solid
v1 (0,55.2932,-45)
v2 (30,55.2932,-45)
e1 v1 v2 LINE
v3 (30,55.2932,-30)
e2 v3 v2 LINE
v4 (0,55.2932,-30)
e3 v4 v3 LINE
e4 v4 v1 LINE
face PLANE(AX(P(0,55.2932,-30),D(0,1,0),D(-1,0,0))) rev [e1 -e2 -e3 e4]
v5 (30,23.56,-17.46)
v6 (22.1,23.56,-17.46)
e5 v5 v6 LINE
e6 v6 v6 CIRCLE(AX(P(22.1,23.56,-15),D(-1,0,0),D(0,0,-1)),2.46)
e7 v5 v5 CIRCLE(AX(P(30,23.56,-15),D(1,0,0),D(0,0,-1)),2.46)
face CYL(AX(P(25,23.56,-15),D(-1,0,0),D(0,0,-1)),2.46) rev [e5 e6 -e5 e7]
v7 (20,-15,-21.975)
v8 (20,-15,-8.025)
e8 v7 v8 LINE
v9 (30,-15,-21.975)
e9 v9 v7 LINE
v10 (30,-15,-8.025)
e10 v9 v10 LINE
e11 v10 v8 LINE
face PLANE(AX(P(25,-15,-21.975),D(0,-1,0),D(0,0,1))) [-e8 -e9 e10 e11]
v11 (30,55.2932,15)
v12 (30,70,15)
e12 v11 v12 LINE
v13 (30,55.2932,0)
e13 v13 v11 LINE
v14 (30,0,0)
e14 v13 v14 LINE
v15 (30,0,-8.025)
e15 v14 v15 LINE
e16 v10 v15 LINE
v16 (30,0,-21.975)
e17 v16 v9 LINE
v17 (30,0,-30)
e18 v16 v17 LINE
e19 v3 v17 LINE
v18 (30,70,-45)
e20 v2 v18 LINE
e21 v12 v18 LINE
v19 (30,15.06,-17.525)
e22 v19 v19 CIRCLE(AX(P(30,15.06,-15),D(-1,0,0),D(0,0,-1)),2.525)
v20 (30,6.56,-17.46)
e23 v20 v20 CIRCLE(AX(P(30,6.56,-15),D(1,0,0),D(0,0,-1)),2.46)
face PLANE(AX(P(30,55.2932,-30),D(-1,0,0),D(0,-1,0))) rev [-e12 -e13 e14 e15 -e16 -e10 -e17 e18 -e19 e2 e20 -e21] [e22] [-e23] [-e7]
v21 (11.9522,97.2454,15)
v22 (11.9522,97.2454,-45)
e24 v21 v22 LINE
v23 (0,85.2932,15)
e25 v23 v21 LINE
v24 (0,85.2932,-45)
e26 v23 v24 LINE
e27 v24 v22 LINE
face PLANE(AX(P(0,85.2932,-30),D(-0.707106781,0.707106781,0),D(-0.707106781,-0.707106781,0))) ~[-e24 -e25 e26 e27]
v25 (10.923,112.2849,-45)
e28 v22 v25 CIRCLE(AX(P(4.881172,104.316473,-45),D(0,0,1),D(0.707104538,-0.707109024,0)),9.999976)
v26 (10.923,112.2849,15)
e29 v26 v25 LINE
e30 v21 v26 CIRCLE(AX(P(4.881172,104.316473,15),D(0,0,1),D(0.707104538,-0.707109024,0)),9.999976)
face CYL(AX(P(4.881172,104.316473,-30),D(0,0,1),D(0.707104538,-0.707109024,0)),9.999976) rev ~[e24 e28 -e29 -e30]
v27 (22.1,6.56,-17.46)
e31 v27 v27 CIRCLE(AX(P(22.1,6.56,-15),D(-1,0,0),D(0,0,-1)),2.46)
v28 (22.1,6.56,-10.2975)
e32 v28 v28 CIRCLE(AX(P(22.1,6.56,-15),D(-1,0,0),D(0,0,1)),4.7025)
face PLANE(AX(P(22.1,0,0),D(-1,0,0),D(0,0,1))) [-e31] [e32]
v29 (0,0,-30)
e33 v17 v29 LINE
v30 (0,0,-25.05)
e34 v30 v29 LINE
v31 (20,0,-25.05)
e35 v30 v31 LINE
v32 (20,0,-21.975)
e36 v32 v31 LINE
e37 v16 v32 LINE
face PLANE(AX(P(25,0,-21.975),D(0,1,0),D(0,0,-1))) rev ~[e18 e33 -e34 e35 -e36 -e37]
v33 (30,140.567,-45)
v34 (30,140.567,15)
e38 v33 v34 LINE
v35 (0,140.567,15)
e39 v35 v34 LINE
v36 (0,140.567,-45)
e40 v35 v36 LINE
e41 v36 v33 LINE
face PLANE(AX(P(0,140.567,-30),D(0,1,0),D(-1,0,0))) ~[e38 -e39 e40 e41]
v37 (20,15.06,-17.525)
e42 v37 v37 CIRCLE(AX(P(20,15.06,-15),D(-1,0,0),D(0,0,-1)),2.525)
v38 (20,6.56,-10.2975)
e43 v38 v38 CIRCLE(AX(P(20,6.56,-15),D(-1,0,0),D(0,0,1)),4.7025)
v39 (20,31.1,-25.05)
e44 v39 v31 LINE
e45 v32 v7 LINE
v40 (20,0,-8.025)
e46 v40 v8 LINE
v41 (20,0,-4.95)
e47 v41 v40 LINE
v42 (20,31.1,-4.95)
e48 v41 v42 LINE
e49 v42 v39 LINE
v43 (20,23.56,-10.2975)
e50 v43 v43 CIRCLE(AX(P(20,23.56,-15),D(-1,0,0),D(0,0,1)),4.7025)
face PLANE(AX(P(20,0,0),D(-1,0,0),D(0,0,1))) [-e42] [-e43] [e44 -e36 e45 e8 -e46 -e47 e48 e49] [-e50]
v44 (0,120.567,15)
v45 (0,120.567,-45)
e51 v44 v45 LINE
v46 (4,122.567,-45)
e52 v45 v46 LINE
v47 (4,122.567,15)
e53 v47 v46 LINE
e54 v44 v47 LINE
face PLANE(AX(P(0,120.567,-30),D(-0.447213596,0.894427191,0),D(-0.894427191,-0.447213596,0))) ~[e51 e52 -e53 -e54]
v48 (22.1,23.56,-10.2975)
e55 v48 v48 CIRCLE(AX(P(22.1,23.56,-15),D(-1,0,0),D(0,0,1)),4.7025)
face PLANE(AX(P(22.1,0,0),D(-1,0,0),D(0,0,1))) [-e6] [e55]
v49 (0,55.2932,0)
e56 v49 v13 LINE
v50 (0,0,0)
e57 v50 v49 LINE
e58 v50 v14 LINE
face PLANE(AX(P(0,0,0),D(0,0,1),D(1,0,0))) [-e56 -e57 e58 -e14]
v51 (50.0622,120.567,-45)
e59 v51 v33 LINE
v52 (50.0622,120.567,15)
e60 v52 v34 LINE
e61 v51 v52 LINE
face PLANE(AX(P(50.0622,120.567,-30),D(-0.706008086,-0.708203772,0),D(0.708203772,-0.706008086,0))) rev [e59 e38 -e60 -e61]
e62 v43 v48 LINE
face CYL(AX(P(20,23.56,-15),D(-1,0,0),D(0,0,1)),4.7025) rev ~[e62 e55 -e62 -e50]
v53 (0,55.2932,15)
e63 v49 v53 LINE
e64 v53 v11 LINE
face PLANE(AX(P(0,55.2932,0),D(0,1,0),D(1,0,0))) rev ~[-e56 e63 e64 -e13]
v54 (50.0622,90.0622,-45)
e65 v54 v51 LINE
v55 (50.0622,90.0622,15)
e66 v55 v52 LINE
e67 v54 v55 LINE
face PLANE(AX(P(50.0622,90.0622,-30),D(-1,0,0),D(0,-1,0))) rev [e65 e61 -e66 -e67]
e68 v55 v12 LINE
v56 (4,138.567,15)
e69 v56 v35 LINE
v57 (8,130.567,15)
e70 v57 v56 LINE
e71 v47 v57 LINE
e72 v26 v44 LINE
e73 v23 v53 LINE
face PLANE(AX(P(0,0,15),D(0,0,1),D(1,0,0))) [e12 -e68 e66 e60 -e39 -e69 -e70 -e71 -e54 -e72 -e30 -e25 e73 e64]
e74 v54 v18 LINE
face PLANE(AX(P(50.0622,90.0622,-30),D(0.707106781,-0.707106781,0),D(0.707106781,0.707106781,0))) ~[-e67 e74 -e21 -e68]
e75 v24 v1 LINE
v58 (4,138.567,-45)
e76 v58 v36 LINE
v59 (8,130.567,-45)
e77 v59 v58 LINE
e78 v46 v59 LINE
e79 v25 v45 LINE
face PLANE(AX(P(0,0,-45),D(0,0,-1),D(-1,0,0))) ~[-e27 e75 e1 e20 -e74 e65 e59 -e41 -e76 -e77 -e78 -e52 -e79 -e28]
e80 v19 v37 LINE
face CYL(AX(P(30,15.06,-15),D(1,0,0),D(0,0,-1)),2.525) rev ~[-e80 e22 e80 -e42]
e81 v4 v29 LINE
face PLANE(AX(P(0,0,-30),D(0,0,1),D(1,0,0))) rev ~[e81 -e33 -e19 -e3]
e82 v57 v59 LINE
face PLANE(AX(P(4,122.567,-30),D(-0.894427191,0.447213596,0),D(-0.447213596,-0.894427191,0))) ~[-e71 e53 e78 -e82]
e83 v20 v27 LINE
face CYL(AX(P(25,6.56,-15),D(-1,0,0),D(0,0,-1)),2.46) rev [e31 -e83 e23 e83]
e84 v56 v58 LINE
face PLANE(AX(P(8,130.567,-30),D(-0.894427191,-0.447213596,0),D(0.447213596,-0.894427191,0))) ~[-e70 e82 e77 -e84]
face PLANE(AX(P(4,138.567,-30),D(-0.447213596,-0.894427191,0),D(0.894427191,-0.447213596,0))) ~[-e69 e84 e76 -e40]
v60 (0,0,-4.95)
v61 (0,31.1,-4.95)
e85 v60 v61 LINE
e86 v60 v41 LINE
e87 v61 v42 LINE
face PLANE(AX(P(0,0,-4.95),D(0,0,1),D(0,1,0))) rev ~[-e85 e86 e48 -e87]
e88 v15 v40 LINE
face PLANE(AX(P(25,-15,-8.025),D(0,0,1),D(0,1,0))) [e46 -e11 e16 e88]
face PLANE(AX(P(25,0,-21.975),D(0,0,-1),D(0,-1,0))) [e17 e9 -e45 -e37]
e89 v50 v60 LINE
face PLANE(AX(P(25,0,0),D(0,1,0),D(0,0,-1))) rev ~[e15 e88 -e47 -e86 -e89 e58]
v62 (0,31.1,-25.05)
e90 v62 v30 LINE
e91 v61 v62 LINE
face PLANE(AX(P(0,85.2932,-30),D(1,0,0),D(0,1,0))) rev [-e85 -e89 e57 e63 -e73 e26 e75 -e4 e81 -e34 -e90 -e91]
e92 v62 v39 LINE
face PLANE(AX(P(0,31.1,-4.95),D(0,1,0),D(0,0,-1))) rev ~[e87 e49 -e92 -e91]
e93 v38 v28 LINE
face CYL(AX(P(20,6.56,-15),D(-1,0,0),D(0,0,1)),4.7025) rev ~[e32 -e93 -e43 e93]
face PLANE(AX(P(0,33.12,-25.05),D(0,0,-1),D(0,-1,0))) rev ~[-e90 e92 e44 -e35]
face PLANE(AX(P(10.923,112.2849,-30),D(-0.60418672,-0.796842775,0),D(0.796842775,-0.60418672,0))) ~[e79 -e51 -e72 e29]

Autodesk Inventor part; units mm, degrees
ref_plane "YZ Plane" through (0, 0, 0) normal (1, 0, 0) x (0, 1, 0)
ref_plane "XZ Plane" through (0, 0, 0) normal (0, 1, 0) x (-1, 0, 0)
sketch "Sketch1" plane through (0, 0, 0) normal (0, 0, 1) x (1, 0, 0)
  line L0 (0, 0) -> (25, 0)
  line L1 (25, 0) -> (25, 40)
  line L2 (25, 40) -> (0, 40)
  line L3 (0, 40) -> (0, 0)
  dimension "d1" = 25
  dimension "d2" = 40
  dimension "d3" = 25
extrude "Extrusion1" add sketch "Sketch1" against normal blind 30
sketch "Sketch2" plane through (25, 0, 0) normal (1, 0, 0) x (0, 0, -1)
  line L0 (0, 0) -> (30, 0) projected
  circle A0 centre (15, 6.56) radius 2.46
extrude "Extrusion2" cut sketch "Sketch2" against normal blind 30
sketch "Sketch3" plane through (0, 0, 0) normal (-1, 0, 0) x (0, 0, 1)
  line L0 (0, 0) -> (-30, 0) projected
  line L1 (-25.05, 0) -> (-4.95, 0)
  line L2 (-4.95, 0) -> (-4.95, 33.12)
  line L3 (-4.95, 33.12) -> (-25.05, 33.12)
  line L4 (-25.05, 33.12) -> (-25.05, 0)
  dimension "d11" = 20.1
extrude "Extrusion3" cut sketch "Sketch3" against normal blind 20
sketch "Sketch4" plane through (0, 0, 0) normal (0, -1, 0) x (1, 0, 0)
  line L0 (20, -4.95) -> (20, -25.05) projected
  line L1 (20, -15) -> (25, -15)
  line L2 (25, 0) -> (25, -30) projected
  line L3 (20, -8.025) -> (25, -8.025)
  line L4 (25, -8.025) -> (25, -21.975)
  line L5 (25, -21.975) -> (20, -21.975)
  line L6 (20, -21.975) -> (20, -8.025)
  line L7 (20, -8.025) -> (25, -21.975) construction
  line L8 (25, -8.025) -> (20, -21.975) construction
  line L9 (25, -12.54) -> (25, -17.46) projected
  point P0 (0, 0)
  point P1 (22.5, -15)
  dimension "d14" = 13.95
extrude "Extrusion4" add sketch "Sketch4" along normal blind 15
sketch "Sketch5" plane through (20, 0, 0) normal (-1, 0, 0) x (0, 0, 1)
  circle A0 centre (-15, 6.56) radius 2.46 projected
  circle A1 centre (-15, 6.56) radius 4.7025
  circle A2 centre (-15, 6.56) radius 2.46 projected
  circle A3 centre (-15, 6.56) radius 2.46
  point P0 (0, 0)
  dimension "d17" = 9.405
extrude "Extrusion5" cut sketch "Sketch5" against normal blind 2.1
sketch "Sketch6" plane through (25, 0, 0) normal (1, 0, 0) x (0, 0, -1)
  circle A0 centre (15, 6.56) radius 4.7025 projected
  line L0 (15, 6.56) -> (15, 23.56)
  circle A1 centre (15, 23.56) radius 2.46
  point P0 (0, 0)
  dimension "d20" = 17
  dimension "d21" = 4.92
extrude "Extrusion6" cut sketch "Sketch6" against normal blind 10 contours A1
sketch "Sketch7" plane through (20, 0, 0) normal (-1, 0, 0) x (0, 0, 1)
  circle A0 centre (-15, 23.56) radius 2.46 projected
  circle A1 centre (-15, 23.56) radius 4.7025
  point P0 (0, 0)
  dimension "d24" = 9.405
extrude "Extrusion7" cut sketch "Sketch7" against normal blind 2.1
sketch "Sketch9" plane through (25, 0, 0) normal (1, 0, 0) x (0, 0, -1)
  circle A0 centre (15, 6.56) radius 2.46 projected
  circle A1 centre (15, 6.56) radius 2.46
  circle A2 centre (15, 23.56) radius 2.46 projected
  circle A3 centre (15, 23.56) radius 2.46
  line L0 (30, 40) -> (30, 0) projected
  line L1 (30, 0) -> (30, 40)
  line L2 (30, 40) -> (0, 40)
  line L3 (0, 40) -> (0, 0)
  line L4 (0, 0) -> (8.025, 0) projected
  line L5 (21.975, 0) -> (21.975, -15)
  line L6 (21.975, -15) -> (8.025, -15)
  line L7 (8.025, -15) -> (8.025, 0)
  line L8 (0, 0) -> (8.025, 0)
  line L9 (21.975, 0) -> (30, 0)
extrude "Extrusion8" add sketch "Sketch9" along normal blind 5
sketch "Sketch10" plane through (0, 40, 0) normal (0, 1, 0) x (1, 0, 0)
  line L0 (0, 30) -> (30, 30) projected
  line L1 (30, 0) -> (0, 0) projected
  line L2 (0, 30) -> (30, 30)
  line L3 (30, 30) -> (30, 0)
  line L4 (30, 0) -> (0, 0)
  line L5 (0, 0) -> (0, 30)
extrude "Extrusion9" add sketch "Sketch10" along normal blind 30
sketch "Sketch12" plane through (30, 0, 0) normal (1, 0, 0) x (0, 0, -1)
  circle A0 centre (15, 6.56) radius 2.46 projected
  line L0 (15, 6.56) -> (15, 15.06)
  circle A1 centre (15, 15.06) radius 2.525
  point P0 (0, 0)
  dimension "d31" = 8.5
  dimension "d33" = 5.05
extrude "Extrusion10" cut sketch "Sketch12" against normal blind 30 contours A1
sketch "Sketch15" plane through (0, 0, -25.05) normal (-1, 0, 0) x (0, 0, 1)
  line L0 (0, 33.12) -> (20.1, 33.12) projected
  line L1 (20.1, 33.12) -> (20.1, 0) projected
  line L2 (0, 33.12) -> (20.1, 33.12)
  line L3 (20.1, 33.12) -> (20.1, 31.1)
  line L4 (20.1, 31.1) -> (0, 31.1)
  line L5 (0, 31.1) -> (0, 33.12)
  point P0 (25.05, 0)
  dimension "d57" = 2.02
extrude "Extrusion13" add sketch "Sketch15" against normal blind 20
sketch "Sketch17" plane through (0, 0, 0) normal (0, 0, 1) x (1, 0, 0)
  line L0 (0, 70) -> (30, 70) projected
  line L1 (30, 70) -> (50.0622, 90.0622)
  line L2 (30, 70) -> (80, 70) construction
  line L3 (11.9522, 97.2454) -> (0, 85.2932)
  line L4 (0, 70) -> (0, 85.2932)
  line L5 (0, 70) -> (0, 0) projected
  line L6 (0, 70) -> (30, 70)
  line L7 (10.923, 112.2849) -> (0, 120.567)
  line L8 (50.0622, 105.3553) -> (50.0622, 120.567)
  line L9 (50.0622, 105.3553) -> (50.0622, 90.0622)
  arc A0 (11.9522, 97.2454) -> (10.923, 112.2849) centre (4.8811, 104.3165) ccw
  line L10 (4, 138.567) -> (0, 140.567)
  line L11 (4, 122.567) -> (0, 120.567)
  line L12 (4, 122.567) -> (8, 130.567)
  line L13 (4, 138.567) -> (8, 130.567)
  line L14 (0, 140.567) -> (30, 140.567)
  line L15 (30, 140.567) -> (50.0622, 120.567)
  dimension "d61" = 45
  dimension "d62" = 32.0271
  dimension "d72" = 10
extrude "Extrusion14" add sketch "Sketch17" against normal blind 30
sketch "Sketch21" plane through (0, 0, 0) normal (0, 0, 1) x (1, 0, 0)
  line L0 (50.0622, 90.0622) -> (30, 70) projected
  line L1 (30, 70) -> (50.0622, 90.0622)
  line L2 (50.0622, 90.0622) -> (50.0622, 120.567) projected
  line L3 (50.0622, 90.0622) -> (50.0622, 120.567)
  line L4 (0, 140.567) -> (30, 140.567) projected
  line L5 (50.0622, 120.567) -> (30, 140.567)
  line L6 (30, 140.567) -> (0, 140.567)
  line L7 (4, 138.567) -> (0, 140.567) projected
  line L8 (0, 140.567) -> (4, 138.567)
  line L9 (8, 130.567) -> (4, 138.567) projected
  line L10 (4, 138.567) -> (8, 130.567)
  line L11 (4, 122.567) -> (8, 130.567) projected
  line L12 (8, 130.567) -> (4, 122.567)
  line L13 (0, 120.567) -> (4, 122.567) projected
  line L14 (4, 122.567) -> (0, 120.567)
  line L15 (10.923, 112.2849) -> (0, 120.567) projected
  line L16 (0, 120.567) -> (10.923, 112.2849)
  line L17 (0, 85.2932) -> (11.9522, 97.2454) projected
  line L18 (11.9522, 97.2454) -> (0, 85.2932)
  line L19 (0, 85.2932) -> (0, 55.2932)
  line L20 (0, 55.2932) -> (30, 55.2932)
  line L21 (30, 55.2932) -> (30, 70)
  arc A0 (11.9522, 97.2454) -> (10.923, 112.2849) centre (4.8811, 104.3165) ccw
  dimension "d79" = 30
  dimension "d81" = 30
extrude "Extrusion15" add sketch "Sketch21" along normal blind 15
ref_plane "Work Plane1" through (0, 0, -15) normal (0, 0, 1) x (1, 0, 0)
mirror "Mirror1" about plane through (0, 0, -15) normal (0, 0, 1) of "Extrusion15"
properties part number "rec_c_16mm_x_60mm"
